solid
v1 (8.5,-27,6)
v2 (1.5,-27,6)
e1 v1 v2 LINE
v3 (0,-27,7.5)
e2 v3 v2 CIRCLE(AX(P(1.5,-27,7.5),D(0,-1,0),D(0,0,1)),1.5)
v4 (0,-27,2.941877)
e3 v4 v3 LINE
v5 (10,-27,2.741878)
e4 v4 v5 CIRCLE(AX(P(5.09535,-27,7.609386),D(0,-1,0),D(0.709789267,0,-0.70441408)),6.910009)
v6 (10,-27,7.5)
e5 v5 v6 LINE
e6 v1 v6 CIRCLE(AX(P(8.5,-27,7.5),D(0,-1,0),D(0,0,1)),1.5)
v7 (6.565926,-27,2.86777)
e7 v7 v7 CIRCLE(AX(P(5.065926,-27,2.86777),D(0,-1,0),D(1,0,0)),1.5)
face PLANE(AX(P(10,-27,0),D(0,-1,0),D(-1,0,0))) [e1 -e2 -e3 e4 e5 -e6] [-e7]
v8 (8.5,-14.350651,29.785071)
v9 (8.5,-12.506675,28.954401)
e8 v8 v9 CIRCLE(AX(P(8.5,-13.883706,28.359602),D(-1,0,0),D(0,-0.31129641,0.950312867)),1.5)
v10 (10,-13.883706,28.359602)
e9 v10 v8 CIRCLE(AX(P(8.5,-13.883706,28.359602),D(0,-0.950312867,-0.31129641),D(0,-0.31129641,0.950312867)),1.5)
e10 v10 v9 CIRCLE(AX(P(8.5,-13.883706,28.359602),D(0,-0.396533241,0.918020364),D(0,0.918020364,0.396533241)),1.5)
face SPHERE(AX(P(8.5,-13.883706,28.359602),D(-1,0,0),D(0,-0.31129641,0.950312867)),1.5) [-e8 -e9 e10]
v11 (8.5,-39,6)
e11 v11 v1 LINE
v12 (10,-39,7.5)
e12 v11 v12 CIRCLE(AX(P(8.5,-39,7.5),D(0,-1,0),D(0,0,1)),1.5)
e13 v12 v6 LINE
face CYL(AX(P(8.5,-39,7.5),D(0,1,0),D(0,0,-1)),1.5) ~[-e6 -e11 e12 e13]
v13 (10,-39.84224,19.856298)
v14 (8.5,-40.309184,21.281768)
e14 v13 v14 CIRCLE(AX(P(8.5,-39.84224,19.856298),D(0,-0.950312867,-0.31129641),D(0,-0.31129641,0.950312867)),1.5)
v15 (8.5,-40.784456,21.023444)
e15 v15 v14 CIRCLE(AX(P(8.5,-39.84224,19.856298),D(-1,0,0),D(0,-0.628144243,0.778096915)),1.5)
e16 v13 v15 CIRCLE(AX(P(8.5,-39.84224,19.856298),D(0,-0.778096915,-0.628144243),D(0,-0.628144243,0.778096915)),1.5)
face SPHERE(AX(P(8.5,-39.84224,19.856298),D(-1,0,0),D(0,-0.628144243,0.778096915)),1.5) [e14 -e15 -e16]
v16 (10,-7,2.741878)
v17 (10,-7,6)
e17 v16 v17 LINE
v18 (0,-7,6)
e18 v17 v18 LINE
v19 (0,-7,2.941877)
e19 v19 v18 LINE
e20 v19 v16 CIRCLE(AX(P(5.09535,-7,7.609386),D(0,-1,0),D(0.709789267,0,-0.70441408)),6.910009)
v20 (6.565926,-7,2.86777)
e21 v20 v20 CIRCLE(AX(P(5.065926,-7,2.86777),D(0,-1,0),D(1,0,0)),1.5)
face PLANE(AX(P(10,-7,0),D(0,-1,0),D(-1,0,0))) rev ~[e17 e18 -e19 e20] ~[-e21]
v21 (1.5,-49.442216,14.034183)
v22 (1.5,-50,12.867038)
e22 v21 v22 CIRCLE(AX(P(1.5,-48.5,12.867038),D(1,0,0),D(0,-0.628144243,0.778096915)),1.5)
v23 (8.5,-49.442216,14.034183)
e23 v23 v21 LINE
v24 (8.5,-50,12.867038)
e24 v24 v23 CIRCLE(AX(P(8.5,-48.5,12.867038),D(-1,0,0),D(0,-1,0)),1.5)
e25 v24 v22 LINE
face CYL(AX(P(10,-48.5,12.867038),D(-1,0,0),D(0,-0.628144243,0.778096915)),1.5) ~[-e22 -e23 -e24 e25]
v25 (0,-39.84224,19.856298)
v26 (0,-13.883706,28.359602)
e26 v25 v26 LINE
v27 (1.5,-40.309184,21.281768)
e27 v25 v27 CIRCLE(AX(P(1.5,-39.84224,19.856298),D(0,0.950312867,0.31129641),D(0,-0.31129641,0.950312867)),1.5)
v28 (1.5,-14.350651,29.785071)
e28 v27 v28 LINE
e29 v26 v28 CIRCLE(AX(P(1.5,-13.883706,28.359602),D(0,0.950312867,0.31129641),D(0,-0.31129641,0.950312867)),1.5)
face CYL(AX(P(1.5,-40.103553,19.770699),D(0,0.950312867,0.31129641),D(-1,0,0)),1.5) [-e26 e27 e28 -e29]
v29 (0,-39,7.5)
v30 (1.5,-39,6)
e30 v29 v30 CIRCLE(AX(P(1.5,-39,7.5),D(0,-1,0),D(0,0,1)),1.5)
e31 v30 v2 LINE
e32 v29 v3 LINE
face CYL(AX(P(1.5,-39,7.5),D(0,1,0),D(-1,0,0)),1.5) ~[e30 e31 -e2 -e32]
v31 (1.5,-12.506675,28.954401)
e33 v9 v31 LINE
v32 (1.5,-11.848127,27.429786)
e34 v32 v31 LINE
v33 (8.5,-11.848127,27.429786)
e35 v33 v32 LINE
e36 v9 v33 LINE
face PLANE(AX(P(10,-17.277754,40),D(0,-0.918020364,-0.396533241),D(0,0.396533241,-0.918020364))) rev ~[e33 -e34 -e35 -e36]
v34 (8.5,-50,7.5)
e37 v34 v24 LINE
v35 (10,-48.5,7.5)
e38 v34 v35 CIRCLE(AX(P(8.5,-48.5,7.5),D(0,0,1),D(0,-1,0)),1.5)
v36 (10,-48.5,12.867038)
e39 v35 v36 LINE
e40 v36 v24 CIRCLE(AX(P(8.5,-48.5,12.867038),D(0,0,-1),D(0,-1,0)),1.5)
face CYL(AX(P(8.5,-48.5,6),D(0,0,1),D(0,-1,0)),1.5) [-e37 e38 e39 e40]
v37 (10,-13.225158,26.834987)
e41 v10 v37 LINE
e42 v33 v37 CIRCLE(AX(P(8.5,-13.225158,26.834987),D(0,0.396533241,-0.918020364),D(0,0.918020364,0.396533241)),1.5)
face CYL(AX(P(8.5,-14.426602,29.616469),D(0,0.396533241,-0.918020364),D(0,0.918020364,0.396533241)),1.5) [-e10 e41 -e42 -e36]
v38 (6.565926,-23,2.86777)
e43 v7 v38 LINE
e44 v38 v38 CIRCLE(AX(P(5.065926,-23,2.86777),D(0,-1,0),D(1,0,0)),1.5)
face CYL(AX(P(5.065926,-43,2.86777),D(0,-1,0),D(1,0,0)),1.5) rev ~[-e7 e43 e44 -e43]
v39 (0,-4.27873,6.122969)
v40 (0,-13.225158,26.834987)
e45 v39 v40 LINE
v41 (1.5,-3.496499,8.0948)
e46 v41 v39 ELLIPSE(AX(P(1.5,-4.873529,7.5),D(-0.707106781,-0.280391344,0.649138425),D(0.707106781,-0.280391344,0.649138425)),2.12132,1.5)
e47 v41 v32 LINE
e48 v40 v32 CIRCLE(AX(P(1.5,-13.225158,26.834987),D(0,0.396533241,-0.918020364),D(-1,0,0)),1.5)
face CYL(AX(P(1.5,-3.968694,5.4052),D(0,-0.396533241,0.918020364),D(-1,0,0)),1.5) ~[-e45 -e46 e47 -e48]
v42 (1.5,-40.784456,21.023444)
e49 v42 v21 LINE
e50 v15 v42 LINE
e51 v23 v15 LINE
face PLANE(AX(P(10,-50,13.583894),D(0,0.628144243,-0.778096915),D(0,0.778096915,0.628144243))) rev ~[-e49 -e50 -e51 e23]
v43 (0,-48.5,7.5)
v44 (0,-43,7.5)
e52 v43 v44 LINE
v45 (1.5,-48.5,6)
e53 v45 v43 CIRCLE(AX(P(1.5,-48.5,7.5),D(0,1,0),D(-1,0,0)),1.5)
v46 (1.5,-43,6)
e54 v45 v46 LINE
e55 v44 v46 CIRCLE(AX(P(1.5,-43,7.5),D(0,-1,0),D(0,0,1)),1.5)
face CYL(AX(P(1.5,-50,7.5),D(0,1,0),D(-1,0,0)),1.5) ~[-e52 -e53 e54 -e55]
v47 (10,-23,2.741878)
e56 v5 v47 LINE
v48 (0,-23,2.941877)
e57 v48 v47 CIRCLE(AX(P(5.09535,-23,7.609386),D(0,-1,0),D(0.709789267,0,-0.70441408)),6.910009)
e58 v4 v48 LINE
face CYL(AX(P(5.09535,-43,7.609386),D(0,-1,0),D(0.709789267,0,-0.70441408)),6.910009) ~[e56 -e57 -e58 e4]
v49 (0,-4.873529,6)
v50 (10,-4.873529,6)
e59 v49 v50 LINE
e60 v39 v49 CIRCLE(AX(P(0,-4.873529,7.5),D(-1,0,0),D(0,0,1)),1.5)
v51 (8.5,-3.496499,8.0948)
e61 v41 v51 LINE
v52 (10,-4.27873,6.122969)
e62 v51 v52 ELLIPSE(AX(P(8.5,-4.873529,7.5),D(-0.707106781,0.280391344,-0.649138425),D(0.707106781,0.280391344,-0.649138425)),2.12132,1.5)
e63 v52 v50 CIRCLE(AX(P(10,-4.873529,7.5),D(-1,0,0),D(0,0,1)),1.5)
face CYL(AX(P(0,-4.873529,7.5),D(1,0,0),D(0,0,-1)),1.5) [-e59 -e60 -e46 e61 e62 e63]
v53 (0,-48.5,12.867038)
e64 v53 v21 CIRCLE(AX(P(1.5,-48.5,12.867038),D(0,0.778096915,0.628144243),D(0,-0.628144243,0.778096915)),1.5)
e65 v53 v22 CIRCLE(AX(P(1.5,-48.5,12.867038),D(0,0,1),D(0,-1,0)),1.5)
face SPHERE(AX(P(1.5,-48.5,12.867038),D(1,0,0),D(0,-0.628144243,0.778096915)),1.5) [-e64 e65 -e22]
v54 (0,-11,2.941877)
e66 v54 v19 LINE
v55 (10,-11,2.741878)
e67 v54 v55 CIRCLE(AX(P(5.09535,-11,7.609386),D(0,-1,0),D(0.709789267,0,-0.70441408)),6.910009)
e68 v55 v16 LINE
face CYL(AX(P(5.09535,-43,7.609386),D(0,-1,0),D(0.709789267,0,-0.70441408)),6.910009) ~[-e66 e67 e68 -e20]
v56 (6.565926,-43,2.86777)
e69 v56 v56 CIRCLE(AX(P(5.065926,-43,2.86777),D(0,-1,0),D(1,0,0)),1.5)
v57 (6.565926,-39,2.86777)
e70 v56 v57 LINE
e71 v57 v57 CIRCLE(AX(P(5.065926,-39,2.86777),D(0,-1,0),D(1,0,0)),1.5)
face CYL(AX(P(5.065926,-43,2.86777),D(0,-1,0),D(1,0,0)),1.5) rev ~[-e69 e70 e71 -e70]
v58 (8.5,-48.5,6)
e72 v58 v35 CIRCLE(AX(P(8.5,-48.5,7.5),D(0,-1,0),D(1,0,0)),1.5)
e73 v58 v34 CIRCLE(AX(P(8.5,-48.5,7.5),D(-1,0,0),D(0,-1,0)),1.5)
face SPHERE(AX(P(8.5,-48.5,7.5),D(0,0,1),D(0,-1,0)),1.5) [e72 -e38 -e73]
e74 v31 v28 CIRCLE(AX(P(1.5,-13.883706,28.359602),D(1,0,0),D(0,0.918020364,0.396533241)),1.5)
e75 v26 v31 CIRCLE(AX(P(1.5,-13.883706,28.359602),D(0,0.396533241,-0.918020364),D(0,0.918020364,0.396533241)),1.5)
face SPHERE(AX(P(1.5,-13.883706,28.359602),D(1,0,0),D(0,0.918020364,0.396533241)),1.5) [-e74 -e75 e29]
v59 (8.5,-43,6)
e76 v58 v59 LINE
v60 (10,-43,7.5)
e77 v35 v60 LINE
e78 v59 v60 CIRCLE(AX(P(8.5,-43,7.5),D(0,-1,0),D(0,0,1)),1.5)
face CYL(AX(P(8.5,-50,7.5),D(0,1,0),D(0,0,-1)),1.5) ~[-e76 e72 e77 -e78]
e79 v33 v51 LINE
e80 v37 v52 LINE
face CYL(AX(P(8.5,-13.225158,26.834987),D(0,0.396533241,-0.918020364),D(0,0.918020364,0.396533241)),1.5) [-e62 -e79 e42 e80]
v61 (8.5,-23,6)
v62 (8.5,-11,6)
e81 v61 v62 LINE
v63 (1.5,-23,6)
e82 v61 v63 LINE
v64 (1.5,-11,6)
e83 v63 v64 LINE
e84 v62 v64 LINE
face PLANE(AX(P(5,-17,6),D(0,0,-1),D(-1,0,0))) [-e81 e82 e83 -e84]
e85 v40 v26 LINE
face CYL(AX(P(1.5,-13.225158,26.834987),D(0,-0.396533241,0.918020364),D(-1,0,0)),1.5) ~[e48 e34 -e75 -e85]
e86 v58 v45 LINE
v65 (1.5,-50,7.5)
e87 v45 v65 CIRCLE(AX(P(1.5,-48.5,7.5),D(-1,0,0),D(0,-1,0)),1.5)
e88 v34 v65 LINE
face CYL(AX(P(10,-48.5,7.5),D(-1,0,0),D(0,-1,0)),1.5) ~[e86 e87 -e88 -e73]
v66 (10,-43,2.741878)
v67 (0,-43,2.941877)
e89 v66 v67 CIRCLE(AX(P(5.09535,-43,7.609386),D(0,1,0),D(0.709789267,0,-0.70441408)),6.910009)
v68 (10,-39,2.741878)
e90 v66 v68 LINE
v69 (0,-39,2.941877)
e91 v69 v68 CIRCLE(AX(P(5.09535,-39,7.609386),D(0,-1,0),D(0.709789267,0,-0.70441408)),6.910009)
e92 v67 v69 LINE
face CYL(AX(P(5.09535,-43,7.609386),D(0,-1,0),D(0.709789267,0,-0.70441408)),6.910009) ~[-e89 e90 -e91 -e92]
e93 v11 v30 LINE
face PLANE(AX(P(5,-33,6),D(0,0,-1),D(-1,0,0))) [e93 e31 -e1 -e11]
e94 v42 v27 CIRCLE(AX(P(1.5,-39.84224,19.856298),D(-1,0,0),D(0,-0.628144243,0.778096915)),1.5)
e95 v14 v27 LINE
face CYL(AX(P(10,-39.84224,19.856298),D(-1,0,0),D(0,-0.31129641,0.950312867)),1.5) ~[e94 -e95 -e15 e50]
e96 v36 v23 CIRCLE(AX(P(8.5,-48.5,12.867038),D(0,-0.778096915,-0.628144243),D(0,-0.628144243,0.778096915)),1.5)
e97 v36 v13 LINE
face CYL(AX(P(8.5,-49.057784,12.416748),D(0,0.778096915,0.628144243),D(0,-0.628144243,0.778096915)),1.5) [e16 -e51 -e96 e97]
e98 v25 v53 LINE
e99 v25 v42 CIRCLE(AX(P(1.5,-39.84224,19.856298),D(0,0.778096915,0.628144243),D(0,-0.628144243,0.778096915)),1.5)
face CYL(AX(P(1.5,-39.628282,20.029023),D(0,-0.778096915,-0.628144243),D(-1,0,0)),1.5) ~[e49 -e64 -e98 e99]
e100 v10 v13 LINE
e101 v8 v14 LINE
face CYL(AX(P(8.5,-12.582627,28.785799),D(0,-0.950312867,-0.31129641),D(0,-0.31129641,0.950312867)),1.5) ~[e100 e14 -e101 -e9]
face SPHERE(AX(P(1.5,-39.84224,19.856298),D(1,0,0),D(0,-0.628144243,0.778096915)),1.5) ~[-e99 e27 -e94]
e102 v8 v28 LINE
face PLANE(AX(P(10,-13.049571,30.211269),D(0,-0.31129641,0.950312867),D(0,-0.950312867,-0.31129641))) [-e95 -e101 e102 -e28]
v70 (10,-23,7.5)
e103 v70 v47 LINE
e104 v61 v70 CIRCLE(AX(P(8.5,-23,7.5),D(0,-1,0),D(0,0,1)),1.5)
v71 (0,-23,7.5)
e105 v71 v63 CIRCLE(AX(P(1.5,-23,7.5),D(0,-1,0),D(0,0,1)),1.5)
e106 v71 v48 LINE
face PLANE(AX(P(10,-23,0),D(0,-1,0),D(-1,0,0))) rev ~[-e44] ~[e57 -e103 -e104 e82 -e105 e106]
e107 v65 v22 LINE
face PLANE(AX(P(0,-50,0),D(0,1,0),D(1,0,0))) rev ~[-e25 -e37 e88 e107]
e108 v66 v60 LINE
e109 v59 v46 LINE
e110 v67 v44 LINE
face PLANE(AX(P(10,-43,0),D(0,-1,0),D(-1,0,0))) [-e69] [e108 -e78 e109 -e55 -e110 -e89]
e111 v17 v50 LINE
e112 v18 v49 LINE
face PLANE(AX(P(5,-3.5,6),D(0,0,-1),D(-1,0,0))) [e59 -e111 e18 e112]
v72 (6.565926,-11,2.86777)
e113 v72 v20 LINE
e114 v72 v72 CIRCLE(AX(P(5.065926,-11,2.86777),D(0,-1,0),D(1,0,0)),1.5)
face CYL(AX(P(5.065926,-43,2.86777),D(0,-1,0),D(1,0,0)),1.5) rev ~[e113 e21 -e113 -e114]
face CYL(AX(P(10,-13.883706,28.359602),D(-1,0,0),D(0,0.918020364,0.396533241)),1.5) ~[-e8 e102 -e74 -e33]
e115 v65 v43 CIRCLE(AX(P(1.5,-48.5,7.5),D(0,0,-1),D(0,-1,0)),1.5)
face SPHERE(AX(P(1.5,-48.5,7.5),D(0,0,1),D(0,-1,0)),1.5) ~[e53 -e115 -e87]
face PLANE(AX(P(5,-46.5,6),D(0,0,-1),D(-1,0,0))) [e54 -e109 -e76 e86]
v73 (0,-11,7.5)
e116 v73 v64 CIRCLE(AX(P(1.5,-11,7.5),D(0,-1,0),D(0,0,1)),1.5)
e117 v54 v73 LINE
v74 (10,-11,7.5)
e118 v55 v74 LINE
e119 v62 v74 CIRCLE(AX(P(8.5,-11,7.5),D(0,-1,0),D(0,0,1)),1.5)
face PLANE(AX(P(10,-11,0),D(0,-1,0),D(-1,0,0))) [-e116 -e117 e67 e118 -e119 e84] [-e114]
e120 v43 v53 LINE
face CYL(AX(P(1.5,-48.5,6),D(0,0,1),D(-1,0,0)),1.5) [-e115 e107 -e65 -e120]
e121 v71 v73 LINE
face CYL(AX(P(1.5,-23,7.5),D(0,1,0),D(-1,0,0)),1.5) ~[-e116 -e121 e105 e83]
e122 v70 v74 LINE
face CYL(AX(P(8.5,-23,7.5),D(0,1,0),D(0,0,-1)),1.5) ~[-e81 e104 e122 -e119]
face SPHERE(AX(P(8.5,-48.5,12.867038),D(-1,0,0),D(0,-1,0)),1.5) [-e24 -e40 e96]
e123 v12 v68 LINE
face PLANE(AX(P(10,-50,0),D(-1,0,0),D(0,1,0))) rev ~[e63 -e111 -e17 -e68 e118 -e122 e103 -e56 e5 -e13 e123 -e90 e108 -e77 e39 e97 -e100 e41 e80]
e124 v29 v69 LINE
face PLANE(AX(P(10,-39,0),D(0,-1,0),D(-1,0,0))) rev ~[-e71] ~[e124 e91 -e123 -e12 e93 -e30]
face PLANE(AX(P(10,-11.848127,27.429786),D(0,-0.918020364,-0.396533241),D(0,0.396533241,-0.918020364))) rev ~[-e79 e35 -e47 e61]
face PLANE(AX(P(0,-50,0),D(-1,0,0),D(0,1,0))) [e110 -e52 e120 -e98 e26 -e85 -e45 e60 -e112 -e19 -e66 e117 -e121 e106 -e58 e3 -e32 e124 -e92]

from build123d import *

# Parameters (mm, degrees)
SKETCH1_W           = 10
SKETCH1_H           = 50
BOSS_EXTRUDE1_DEPTH = 40
CUT_EXTRUDE1_DEPTH  = 40
CUT_EXTRUDE2_DEPTH  = 40
SKETCH4_W           = 10
SKETCH4_H           = 7
SKETCH4_H_2         = 12
CUT_EXTRUDE3_DEPTH  = 6
SKETCH5_R           = 1.5
CUT_EXTRUDE4_DEPTH  = 38
CUT_EXTRUDE5_DEPTH  = 38
FILLET1_R           = 1.5


with BuildPart() as part:
    # Sketch1 → Boss-Extrude1 (new body)
    with BuildSketch(Plane.XY):
        with Locations((5, -25)):
            Rectangle(SKETCH1_W, SKETCH1_H)
    extrude(amount=BOSS_EXTRUDE1_DEPTH)

    # Sketch2 → Cut-Extrude1 (cut)
    with BuildSketch(Plane(origin=(10, 0, 0), x_dir=(0, 0, -1), z_dir=(1, 0, 0))):
        Polygon((-27.429786362, -11.848127256), (0, 0), (-40, 0), (-40, -17.277753606), align=None)
        Polygon((-23.790339217, -37.357038236), (-40, -17.277753606), (-40, -50), (-13.583893856, -50), align=None)
    extrude(amount=-CUT_EXTRUDE1_DEPTH, mode=Mode.SUBTRACT)

    # Sketch3 → Cut-Extrude2 (cut)
    with BuildSketch(Plane(origin=(10, 0, 0), x_dir=(0, 0, -1), z_dir=(1, 0, 0))):
        Polygon((-30.211268677, -13.049571408), (-21.196168582, -40.570497868), (-40, -17.277753606), align=None)
    extrude(amount=-CUT_EXTRUDE2_DEPTH, mode=Mode.SUBTRACT)

    # Sketch4 → Cut-Extrude3 (cut)
    with BuildSketch(Plane(origin=(0, 0, 0), x_dir=(-1, 0, 0), z_dir=(0, 0, -1))):
        with Locations((-5, -3.5)):
            Rectangle(SKETCH4_W, SKETCH4_H)
        with Locations((-5, -17)):
            Rectangle(SKETCH4_W, SKETCH4_H_2)
        with Locations((-5, -33)):
            Rectangle(SKETCH4_W, SKETCH4_H_2)
        with Locations((-5, -46.5)):
            Rectangle(SKETCH4_W, SKETCH4_H)
    extrude(amount=-CUT_EXTRUDE3_DEPTH, mode=Mode.SUBTRACT)

    # Sketch5 → Cut-Extrude4 (cut)
    with BuildSketch(Plane.XZ.offset(43)):
        with Locations((5.065925619, 2.867770419)):
            Circle(SKETCH5_R)
    extrude(amount=-CUT_EXTRUDE4_DEPTH, mode=Mode.SUBTRACT)

    # Sketch6 → Cut-Extrude5 (cut)
    with BuildSketch(Plane.XZ.offset(43)):
        with BuildLine():
            ThreePointArc((10, 2.741877925), (4.957177855, 0.700758069), (0, 2.941876799))
            Line((0, 2.941876799), (0, 0))
            Line((0, 0), (10, 0))
            Line((10, 0), (10, 2.741877925))
        make_face()
    extrude(amount=-CUT_EXTRUDE5_DEPTH, mode=Mode.SUBTRACT)

    # Fillet1
    fillet1_edges = [part.edges().sort_by_distance(p)[0] for p in [
        (0, -7.820617225, 18.105634338),
        (5, -2.591663041, 6),
        (10, -7.820617225, 18.105634338),
        (0, -50, 9.791946928),
        (10, -50, 9.791946928),
        (5, -50, 6),
        (10, -45.285248934, 17.390031219),
        (5, -50, 13.583893856),
        (0, -45.285248934, 17.390031219),
        (0, -26.810034638, 25.703718629),
        (5, -13.049571408, 30.211268677),
        (10, -26.810034638, 25.703718629),
        (5, -40.570497868, 21.196168582),
        (0, -46.5, 6),
        (0, -33, 6),
        (0, -17, 6),
        (10, -46.5, 6),
        (10, -33, 6),
        (10, -17, 6),
    ]]
    fillet(fillet1_edges, radius=FILLET1_R)


solid = part.part
